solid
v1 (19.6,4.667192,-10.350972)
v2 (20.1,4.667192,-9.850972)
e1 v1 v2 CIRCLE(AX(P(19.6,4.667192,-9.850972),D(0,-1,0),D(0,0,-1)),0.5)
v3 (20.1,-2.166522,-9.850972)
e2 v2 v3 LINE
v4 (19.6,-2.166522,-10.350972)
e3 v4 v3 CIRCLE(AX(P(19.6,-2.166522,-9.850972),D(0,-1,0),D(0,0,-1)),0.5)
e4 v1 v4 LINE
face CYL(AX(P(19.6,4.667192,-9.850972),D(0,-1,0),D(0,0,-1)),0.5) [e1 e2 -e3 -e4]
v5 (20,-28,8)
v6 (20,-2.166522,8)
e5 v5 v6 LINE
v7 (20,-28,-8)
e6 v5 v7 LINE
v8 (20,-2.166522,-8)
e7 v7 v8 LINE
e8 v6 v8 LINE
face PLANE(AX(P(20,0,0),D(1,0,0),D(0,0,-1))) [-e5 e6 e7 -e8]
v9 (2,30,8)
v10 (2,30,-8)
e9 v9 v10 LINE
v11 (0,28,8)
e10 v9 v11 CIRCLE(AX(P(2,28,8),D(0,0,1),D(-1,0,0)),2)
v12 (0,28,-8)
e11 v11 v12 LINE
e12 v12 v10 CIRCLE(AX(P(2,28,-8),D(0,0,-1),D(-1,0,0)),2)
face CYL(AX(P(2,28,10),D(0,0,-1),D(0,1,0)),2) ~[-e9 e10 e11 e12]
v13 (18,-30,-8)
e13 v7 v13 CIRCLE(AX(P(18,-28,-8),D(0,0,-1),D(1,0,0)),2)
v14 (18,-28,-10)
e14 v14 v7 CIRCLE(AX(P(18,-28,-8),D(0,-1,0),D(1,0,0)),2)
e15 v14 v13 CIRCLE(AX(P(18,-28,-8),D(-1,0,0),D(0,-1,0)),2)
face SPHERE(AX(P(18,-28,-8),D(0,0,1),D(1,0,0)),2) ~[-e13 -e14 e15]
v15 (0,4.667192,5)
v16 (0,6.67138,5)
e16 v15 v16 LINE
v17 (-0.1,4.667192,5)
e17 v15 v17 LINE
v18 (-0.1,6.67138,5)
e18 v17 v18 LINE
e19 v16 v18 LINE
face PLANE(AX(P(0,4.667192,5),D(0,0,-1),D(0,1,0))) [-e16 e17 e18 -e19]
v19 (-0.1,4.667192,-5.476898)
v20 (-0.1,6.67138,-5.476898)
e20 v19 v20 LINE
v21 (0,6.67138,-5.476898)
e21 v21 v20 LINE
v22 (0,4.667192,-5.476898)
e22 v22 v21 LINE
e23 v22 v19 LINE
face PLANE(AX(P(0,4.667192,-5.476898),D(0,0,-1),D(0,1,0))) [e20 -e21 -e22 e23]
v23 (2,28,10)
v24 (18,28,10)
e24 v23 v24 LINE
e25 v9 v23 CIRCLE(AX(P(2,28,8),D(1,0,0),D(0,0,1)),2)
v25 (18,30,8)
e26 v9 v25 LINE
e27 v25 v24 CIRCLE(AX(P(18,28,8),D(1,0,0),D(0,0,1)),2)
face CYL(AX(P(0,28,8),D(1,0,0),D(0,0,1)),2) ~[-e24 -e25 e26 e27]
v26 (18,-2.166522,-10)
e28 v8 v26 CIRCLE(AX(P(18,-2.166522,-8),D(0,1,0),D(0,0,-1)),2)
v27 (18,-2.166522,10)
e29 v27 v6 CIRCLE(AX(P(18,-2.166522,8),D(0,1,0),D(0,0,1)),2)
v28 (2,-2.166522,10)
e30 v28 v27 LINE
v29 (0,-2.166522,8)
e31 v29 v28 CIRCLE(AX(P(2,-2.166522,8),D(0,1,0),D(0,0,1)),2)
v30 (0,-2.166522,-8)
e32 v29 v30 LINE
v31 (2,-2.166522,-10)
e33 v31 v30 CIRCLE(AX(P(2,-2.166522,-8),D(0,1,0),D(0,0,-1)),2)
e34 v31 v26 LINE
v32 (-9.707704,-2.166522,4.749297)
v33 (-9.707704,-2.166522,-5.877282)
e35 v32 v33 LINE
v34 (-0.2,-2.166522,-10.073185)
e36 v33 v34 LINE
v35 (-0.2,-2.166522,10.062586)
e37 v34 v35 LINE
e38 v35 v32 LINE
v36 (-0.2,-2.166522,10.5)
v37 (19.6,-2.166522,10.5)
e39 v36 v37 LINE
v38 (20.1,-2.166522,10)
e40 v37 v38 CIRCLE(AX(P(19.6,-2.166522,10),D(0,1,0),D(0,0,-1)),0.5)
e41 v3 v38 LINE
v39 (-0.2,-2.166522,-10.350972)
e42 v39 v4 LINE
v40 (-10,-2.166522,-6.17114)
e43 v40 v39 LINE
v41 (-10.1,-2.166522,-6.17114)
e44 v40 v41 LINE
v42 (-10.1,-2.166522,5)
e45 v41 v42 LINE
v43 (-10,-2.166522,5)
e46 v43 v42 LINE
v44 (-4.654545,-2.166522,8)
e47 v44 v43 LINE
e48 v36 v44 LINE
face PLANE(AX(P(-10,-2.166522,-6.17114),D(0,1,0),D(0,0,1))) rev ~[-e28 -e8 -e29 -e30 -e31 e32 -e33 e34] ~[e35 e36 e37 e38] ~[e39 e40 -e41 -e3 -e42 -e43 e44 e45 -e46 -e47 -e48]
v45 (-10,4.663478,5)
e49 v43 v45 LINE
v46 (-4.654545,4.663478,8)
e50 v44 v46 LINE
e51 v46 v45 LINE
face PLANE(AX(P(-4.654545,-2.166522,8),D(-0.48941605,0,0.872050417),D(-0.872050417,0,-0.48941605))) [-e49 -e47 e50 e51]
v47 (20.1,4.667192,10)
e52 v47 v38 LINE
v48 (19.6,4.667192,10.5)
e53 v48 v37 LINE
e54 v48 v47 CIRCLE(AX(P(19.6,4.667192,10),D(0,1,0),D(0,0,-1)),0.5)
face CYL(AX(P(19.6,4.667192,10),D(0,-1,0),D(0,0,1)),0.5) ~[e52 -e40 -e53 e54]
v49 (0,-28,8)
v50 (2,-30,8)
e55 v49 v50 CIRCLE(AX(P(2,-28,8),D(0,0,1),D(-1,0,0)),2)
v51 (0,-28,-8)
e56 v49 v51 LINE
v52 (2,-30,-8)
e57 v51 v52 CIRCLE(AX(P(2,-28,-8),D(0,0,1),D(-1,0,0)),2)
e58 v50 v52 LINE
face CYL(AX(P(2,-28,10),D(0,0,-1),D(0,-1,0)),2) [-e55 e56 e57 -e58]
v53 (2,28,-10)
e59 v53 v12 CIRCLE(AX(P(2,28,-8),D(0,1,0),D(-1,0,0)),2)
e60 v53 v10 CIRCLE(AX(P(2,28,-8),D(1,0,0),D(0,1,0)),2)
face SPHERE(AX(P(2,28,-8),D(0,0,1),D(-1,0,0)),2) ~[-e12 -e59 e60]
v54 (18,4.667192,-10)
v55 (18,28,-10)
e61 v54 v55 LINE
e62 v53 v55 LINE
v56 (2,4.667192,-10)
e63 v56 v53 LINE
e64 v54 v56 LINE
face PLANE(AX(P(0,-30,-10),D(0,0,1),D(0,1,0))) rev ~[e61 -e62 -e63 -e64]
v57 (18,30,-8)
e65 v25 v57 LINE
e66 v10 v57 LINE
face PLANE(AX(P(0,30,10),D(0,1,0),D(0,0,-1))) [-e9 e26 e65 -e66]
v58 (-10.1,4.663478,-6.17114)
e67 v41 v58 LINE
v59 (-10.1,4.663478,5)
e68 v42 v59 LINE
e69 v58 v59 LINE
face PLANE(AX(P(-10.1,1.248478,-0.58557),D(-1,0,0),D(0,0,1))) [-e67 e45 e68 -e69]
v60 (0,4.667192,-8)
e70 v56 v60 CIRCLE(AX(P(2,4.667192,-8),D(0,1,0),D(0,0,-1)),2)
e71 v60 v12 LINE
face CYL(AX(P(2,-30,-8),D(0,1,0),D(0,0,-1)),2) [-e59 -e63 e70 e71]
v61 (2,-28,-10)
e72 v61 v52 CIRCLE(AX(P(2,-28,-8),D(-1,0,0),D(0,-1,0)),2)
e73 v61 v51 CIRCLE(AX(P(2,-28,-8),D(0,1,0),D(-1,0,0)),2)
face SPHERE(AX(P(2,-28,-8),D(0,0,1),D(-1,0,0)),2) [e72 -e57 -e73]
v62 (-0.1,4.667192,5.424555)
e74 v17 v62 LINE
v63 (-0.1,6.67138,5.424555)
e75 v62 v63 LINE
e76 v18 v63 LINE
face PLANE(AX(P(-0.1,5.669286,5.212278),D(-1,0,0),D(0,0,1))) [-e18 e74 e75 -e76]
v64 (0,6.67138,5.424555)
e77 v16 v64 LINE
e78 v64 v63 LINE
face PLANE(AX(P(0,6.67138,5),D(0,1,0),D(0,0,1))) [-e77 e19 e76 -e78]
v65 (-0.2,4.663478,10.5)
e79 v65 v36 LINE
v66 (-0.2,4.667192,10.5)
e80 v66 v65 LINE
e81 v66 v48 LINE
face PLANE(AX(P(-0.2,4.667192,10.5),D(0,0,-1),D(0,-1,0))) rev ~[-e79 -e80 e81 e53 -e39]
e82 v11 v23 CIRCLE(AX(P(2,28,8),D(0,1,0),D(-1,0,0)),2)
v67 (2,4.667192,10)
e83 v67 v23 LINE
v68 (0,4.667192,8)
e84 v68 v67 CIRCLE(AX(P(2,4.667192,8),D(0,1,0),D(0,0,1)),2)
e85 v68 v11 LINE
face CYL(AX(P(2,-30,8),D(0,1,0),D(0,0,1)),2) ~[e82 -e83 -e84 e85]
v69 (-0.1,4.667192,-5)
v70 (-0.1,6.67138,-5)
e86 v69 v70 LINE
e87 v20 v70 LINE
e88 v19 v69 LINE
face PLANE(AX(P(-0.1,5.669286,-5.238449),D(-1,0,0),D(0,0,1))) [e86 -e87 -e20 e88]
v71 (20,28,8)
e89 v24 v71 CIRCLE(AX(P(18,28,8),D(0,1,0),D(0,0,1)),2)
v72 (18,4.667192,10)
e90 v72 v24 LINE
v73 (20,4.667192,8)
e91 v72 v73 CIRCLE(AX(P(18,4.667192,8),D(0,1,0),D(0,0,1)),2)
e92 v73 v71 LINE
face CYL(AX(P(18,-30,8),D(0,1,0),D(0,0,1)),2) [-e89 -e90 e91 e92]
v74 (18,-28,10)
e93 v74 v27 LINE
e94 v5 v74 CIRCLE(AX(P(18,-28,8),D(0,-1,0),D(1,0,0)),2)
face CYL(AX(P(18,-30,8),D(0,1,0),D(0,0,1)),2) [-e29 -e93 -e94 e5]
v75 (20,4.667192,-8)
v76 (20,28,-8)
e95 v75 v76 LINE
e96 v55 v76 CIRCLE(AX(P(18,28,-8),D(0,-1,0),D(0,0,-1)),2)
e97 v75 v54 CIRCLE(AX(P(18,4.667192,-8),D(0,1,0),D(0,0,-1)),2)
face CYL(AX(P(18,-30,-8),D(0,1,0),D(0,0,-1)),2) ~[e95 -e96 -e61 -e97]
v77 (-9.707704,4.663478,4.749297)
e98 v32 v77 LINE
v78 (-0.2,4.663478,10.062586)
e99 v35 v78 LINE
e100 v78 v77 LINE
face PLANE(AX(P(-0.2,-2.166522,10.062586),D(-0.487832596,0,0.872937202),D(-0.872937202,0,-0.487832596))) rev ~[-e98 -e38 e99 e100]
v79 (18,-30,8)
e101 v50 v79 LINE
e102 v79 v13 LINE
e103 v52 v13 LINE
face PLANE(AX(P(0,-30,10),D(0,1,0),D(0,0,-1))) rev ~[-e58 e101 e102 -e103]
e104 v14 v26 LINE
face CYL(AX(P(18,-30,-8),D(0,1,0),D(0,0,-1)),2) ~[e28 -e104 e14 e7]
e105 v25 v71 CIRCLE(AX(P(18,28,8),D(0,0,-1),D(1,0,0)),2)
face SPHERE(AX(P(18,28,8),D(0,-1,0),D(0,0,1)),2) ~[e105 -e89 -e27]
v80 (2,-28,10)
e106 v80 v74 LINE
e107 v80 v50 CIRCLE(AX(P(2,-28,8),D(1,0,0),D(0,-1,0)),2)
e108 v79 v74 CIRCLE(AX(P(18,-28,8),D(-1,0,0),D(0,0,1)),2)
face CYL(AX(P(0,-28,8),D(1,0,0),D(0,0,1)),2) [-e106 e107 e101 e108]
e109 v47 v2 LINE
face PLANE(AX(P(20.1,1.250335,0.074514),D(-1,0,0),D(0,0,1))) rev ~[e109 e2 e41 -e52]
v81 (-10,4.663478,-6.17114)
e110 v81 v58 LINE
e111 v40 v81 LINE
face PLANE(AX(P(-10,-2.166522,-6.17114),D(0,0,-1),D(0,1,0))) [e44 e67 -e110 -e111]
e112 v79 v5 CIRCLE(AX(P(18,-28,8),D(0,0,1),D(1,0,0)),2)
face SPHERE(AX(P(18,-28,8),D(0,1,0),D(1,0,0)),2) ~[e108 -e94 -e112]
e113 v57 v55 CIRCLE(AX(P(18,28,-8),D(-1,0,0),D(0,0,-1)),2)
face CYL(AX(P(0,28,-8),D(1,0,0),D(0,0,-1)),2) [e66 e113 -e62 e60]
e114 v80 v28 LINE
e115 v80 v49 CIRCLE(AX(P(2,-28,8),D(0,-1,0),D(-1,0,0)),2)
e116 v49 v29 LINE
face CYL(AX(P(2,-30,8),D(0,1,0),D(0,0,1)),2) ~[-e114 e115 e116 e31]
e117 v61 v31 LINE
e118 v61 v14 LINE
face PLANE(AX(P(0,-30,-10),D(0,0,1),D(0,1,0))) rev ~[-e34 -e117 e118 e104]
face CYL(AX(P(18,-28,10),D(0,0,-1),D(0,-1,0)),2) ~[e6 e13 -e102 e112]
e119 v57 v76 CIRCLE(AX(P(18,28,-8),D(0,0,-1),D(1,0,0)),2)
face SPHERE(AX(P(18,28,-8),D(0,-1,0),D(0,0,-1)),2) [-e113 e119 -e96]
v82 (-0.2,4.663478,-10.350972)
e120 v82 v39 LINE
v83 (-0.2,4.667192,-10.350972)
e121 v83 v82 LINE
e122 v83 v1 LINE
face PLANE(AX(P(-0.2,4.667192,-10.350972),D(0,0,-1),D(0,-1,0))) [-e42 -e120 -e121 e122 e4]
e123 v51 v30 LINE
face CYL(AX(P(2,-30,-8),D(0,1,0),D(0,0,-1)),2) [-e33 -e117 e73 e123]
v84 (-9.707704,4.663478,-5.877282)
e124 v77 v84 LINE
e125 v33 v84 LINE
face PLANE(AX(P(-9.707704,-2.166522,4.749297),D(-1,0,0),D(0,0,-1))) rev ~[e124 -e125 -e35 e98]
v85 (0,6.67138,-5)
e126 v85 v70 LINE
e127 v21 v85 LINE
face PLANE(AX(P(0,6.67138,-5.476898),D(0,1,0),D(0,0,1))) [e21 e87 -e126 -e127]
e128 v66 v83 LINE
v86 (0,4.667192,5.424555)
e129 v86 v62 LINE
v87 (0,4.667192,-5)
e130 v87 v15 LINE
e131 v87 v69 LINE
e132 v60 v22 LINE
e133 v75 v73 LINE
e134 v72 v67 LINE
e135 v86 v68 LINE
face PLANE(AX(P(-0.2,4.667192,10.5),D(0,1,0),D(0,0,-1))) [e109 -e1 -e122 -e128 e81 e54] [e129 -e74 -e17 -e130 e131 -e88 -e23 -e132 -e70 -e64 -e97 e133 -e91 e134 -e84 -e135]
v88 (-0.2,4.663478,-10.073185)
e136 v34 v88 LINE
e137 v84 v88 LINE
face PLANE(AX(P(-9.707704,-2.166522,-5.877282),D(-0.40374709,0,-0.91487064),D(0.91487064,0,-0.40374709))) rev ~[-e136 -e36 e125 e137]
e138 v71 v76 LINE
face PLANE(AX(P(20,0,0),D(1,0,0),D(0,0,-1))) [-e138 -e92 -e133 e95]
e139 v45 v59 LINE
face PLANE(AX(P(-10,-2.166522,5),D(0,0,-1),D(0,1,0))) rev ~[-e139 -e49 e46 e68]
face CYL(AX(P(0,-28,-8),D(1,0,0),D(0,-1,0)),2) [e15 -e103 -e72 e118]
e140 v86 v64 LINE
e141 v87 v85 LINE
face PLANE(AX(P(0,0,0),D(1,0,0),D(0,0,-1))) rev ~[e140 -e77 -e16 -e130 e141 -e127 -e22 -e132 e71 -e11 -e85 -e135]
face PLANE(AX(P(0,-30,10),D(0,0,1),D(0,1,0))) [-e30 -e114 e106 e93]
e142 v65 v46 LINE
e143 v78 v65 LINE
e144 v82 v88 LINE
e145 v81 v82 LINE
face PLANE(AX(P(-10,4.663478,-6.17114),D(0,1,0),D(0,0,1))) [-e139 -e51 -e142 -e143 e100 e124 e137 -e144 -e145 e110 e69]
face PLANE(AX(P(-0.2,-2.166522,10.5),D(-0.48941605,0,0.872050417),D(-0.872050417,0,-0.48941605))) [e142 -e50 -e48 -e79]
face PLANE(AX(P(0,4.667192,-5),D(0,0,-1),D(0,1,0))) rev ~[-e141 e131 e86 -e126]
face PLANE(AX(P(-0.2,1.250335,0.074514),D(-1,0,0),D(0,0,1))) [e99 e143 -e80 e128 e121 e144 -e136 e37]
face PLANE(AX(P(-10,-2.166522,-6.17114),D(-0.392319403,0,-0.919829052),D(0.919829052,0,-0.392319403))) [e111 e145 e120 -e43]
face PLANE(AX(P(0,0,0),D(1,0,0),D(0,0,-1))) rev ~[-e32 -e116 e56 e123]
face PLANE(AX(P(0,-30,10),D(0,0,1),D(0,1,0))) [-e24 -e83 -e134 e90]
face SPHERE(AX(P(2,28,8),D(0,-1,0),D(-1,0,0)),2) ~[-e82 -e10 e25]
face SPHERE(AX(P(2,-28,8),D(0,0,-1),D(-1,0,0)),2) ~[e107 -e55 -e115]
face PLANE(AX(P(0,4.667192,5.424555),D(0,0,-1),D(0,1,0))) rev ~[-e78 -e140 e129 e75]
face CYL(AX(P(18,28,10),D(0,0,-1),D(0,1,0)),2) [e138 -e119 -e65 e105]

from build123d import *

# Parameters (mm, degrees)
SKETCH_1_W           = 20
SKETCH_1_H           = 60
EXTRUDE_1_DEPTH      = 20
FILLET_1_R           = 2
SKETCH_2_W           = 16
SKETCH_2_H           = 1.155895232
EXTRUDE_2_DEPTH      = 0.5
EXTRUDE_3_DEPTH      = 2.1
EXTRUDE_3_DEPTH_BACK = 18.2
SKETCH_4_W           = 0.476897723
SKETCH_4_H           = 2.004187554
SKETCH_4_W_2         = 0.424555406
EXTRUDE_4_DEPTH      = 0.1
EXTRUDE_5_DEPTH      = 6.83
CUT_EXTRUDE_1_DEPTH  = 6.83
SKETCH_7_W           = 11.171140339
SKETCH_7_H           = 6.83
EXTRUDE_6_DEPTH      = 0.1
FILLET_5_R           = 0.5


with BuildPart() as part:
    # 草图1 → 凸台-拉伸1 (new body)
    with BuildSketch(Plane(origin=(0, 0, 0), x_dir=(0, 0, -1), z_dir=(1, 0, 0))):
        Rectangle(SKETCH_1_W, SKETCH_1_H)
    extrude(amount=EXTRUDE_1_DEPTH)

    # 圆角1
    fillet_1_edges = [part.edges().sort_by_distance(p)[0] for p in [
        (20, 0, 10),
        (20, -30, 0),
        (20, 0, -10),
        (0, -30, 0),
        (0, 0, 10),
        (0, 30, 0),
        (0, 0, -10),
        (10, -30, -10),
        (10, -30, 10),
        (10, 30, 10),
        (10, 30, -10),
        (20, 30, 0),
    ]]
    fillet(fillet_1_edges, radius=FILLET_1_R)

    # 草图2 → 凸台-拉伸2 (add)
    with BuildSketch(Plane.XY.offset(10)):
        with Locations((10, 0.577947616)):
            Rectangle(SKETCH_2_W, SKETCH_2_H)
    extrude(amount=EXTRUDE_2_DEPTH)

    # 草图3 → 凸台-拉伸3 (add, two sides: drawn at the far end of the back side and taken through both)
    with BuildSketch(Plane(origin=(18, 0, 0), x_dir=(0, 0, -1), z_dir=(1, 0, 0)).offset(-EXTRUDE_3_DEPTH_BACK)):
        Polygon((-10.5, 1.155895232), (-10.5, 4.667192464), (10.350971517, 4.667192464), (10.350971517, -2.166522321), (-10.5, -2.166522321), align=None)
    extrude(amount=EXTRUDE_3_DEPTH + EXTRUDE_3_DEPTH_BACK)

    # 草图4 → 凸台-拉伸4 (add)
    with BuildSketch(Plane.ZY):
        with Locations((-5.238448862, 5.669286241)):
            Rectangle(SKETCH_4_W, SKETCH_4_H)
        with Locations((5.212277703, 5.669286241)):
            Rectangle(SKETCH_4_W_2, SKETCH_4_H)
    extrude(amount=EXTRUDE_4_DEPTH)

    # 草图5 → 凸台-拉伸5 (add)
    with BuildSketch(Plane.XZ.offset(2.166522321)):
        Polygon((-0.2, -10.350971517), (-0.2, 8), (-4.654545455, 8), (-10, 5), (-10, 0), (-10, -6.171140339), align=None)
        Polygon((-4.654545455, 8), (-0.2, 8), (-0.2, 10.5), align=None)
    extrude(amount=-EXTRUDE_5_DEPTH)

    # 草图6 → 切除-拉伸1 (cut)
    with BuildSketch(Plane.XZ.offset(2.166522321)):
        Polygon((-9.707704369, -5.877282194), (-0.2, -10.073184662), (-0.2, 10.062586421), (-9.707704369, 4.749296883), align=None)
    extrude(amount=-CUT_EXTRUDE_1_DEPTH, mode=Mode.SUBTRACT)

    # 草图7 → 凸台-拉伸6 (add)
    with BuildSketch(Plane.ZY.offset(10)):
        with Locations((-0.58557017, 1.248477679)):
            Rectangle(SKETCH_7_W, SKETCH_7_H)
    extrude(amount=EXTRUDE_6_DEPTH)

    # 圆角5
    fillet_5_edges = [part.edges().sort_by_distance(p)[0] for p in [
        (20.1, 1.250335071, 10.5),
        (20.1, 1.250335071, -10.350971517),
    ]]
    fillet(fillet_5_edges, radius=FILLET_5_R)


solid = part.part
